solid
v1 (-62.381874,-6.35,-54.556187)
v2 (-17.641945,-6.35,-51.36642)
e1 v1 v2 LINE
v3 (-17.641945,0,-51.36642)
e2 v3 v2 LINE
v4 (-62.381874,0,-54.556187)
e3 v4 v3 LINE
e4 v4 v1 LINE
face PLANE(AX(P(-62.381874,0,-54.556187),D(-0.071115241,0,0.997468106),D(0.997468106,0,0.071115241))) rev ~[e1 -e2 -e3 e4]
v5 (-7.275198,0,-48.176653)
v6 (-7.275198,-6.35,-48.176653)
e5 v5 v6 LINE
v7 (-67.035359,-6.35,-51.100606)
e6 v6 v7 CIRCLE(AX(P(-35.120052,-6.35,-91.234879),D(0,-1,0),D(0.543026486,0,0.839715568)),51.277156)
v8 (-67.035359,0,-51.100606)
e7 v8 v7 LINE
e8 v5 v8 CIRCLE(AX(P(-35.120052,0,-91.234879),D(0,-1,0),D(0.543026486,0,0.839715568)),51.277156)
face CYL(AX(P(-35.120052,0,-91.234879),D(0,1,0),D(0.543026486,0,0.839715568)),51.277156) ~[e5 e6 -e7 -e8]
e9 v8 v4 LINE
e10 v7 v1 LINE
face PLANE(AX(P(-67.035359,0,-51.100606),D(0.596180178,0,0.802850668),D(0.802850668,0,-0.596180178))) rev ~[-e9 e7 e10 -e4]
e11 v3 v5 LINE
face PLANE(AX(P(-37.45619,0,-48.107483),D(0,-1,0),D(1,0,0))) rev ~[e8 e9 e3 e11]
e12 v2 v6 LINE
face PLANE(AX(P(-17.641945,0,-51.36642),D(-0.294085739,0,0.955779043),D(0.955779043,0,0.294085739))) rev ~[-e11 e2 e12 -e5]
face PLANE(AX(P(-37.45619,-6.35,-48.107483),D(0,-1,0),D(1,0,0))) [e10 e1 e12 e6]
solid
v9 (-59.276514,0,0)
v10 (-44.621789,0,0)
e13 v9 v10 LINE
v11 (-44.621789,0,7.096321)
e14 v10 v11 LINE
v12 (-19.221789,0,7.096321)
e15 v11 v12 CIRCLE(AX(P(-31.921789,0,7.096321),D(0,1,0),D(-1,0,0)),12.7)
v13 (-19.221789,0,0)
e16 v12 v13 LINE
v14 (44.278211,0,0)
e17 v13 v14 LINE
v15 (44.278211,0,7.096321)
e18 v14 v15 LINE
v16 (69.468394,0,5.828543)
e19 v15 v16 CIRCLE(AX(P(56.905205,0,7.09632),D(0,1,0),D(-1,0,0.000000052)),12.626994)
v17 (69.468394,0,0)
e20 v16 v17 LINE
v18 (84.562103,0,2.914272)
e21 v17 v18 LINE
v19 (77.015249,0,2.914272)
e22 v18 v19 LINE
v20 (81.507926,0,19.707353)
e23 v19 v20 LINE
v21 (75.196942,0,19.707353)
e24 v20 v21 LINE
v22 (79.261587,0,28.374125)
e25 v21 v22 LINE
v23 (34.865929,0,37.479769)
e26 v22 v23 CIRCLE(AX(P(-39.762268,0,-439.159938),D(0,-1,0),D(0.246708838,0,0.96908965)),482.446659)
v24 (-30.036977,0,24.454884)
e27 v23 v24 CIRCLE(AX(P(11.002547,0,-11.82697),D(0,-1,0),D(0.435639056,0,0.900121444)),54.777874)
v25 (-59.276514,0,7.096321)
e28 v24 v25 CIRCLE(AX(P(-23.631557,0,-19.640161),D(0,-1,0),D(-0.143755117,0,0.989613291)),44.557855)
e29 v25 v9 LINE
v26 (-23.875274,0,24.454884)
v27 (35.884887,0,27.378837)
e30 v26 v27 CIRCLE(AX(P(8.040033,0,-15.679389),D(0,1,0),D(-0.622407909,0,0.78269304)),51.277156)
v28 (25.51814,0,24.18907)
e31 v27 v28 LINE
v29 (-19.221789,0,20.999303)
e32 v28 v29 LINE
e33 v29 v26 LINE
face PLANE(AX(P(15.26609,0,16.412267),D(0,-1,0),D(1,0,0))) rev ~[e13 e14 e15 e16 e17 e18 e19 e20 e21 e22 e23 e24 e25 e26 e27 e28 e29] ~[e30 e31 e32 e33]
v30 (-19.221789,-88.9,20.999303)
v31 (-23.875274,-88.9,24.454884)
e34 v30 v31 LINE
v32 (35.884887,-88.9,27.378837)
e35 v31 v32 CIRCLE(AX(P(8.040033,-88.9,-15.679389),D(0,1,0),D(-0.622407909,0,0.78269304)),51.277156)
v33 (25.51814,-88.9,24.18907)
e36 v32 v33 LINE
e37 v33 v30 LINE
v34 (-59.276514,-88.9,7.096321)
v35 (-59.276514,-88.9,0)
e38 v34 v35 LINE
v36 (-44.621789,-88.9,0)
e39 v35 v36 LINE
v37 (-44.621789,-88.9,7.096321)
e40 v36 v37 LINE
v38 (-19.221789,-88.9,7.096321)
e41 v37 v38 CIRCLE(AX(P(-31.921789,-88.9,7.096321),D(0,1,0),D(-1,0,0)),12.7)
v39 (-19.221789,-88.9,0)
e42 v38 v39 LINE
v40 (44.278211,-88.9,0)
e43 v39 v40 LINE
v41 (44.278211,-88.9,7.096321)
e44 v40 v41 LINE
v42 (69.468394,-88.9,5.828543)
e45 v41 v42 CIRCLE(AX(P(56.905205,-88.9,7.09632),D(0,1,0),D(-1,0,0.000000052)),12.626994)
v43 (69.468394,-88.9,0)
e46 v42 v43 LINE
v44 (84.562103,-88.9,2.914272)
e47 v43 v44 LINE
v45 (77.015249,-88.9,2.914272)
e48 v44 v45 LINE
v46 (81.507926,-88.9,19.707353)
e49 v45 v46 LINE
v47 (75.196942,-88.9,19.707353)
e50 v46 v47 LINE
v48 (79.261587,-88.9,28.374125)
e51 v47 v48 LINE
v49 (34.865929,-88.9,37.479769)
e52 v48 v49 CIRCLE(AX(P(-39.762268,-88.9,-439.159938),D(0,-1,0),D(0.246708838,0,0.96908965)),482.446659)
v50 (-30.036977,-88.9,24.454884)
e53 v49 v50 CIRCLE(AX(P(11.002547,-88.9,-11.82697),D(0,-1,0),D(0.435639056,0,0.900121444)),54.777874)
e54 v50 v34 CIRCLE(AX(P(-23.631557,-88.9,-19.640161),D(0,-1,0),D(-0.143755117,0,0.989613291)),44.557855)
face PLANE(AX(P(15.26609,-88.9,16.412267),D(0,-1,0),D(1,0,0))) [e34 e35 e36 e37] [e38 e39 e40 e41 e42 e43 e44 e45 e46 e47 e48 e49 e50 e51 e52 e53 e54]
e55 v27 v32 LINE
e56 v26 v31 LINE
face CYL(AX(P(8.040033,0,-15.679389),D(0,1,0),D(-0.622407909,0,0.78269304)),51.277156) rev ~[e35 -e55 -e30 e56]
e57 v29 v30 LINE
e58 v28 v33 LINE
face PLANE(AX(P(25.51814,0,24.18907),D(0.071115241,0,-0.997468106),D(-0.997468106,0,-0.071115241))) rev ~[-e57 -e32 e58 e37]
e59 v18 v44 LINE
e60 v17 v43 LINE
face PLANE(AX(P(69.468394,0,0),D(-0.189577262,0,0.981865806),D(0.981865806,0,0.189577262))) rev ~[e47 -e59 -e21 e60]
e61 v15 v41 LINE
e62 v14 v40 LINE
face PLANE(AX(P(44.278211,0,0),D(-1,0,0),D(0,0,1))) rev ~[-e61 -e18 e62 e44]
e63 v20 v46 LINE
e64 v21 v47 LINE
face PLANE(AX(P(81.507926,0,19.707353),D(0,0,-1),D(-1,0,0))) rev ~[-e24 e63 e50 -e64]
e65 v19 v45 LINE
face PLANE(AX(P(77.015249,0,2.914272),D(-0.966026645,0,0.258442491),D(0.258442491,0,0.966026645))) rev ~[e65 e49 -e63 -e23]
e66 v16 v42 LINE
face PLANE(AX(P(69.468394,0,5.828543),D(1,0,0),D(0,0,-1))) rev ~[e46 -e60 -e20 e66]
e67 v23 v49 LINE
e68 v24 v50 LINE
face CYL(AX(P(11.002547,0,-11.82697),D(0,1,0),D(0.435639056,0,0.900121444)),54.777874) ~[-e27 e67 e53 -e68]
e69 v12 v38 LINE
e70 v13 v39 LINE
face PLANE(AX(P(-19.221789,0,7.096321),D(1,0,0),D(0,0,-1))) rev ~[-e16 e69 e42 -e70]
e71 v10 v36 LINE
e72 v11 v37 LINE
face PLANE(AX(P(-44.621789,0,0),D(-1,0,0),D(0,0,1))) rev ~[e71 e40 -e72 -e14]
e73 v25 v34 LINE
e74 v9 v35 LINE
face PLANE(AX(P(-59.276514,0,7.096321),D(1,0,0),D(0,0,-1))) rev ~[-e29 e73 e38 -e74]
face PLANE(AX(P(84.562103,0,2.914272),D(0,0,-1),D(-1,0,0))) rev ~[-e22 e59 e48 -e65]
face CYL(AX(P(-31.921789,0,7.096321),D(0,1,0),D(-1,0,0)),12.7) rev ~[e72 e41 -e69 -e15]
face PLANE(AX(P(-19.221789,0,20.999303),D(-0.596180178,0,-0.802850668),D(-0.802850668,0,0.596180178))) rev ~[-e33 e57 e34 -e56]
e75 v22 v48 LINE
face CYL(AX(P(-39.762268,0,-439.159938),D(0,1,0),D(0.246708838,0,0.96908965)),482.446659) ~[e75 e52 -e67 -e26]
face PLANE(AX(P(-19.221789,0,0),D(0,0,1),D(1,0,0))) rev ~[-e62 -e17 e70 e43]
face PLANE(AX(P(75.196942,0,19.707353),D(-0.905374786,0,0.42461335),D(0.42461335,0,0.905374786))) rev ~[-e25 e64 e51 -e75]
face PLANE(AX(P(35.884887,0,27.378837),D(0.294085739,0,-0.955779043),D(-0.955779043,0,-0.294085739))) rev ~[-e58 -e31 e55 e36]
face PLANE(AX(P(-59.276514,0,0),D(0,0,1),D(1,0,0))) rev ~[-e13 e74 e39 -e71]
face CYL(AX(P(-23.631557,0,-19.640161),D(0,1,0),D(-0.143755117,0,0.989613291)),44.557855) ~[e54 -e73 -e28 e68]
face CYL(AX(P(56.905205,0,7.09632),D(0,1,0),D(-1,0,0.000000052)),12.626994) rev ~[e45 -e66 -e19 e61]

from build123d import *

# Parameters (mm, degrees)
F1_DEPTH = 88.9
F3_DEPTH = 6.35


with BuildPart() as f1:
    # F0 (on Front) → F1 (new body)
    with BuildSketch(Plane.XZ):
        with BuildLine():
            Line((-59.276514, 0), (-44.621789, 0))
            Line((-44.621789, 0), (-44.621789, 7.096321))
            ThreePointArc((-44.621789, 7.096321), (-31.921789, 19.796321), (-19.221789, 7.096321))
            Line((-19.221789, 7.096321), (-19.221789, 0))
            Line((-19.221789, 0), (44.278211, 0))
            Line((44.278211, 0), (44.278211, 7.096321))
            ThreePointArc((44.278211, 7.096321), (57.539896, 19.707353), (69.468394, 5.828543))
            Line((69.468394, 5.828543), (69.468394, 0))
            Line((69.468394, 0), (84.562103, 2.914272))
            Line((84.562103, 2.914272), (77.015249, 2.914272))
            Line((77.015249, 2.914272), (81.507926, 19.707353))
            Line((81.507926, 19.707353), (75.196942, 19.707353))
            Line((75.196942, 19.707353), (79.261587, 28.374125))
            ThreePointArc((79.261587, 28.374125), (57.170737, 33.448537), (34.865929, 37.479769))
            ThreePointArc((34.865929, 37.479769), (0.224474, 41.880093), (-30.036977, 24.454884))
            ThreePointArc((-30.036977, 24.454884), (-46.377732, 18.674509), (-59.276514, 7.096321))
            Line((-59.276514, 7.096321), (-54.491863, 3.54816))
            Line((-54.491863, 3.54816), (-59.276514, 0))
        make_face()
        with BuildLine():
            Line((-19.221789, 20.999303), (-23.875274, 24.454884))
            ThreePointArc((-23.875274, 24.454884), (5.534135, 35.536499), (35.884887, 27.378837))
            Line((35.884887, 27.378837), (25.51814, 24.18907))
            Line((25.51814, 24.18907), (-19.221789, 20.999303))
        make_face(mode=Mode.SUBTRACT)
        Polygon((-59.276514, 7.096321), (-59.276514, 0), (-54.491863, 3.54816), align=None)
    extrude(amount=F1_DEPTH)


with BuildPart() as f3:
    # F2 (on Front) → F3 (new body)
    with BuildSketch(Plane.XZ):
        with BuildLine():
            ThreePointArc((-7.275198, -48.176653), (-37.625949, -40.018991), (-67.035359, -51.100606))
            Line((-67.035359, -51.100606), (-62.381874, -54.556187))
            Line((-62.381874, -54.556187), (-17.641945, -51.36642))
            Line((-17.641945, -51.36642), (-7.275198, -48.176653))
        make_face()
    extrude(amount=F3_DEPTH)


solid = Compound([f1.part, f3.part])
